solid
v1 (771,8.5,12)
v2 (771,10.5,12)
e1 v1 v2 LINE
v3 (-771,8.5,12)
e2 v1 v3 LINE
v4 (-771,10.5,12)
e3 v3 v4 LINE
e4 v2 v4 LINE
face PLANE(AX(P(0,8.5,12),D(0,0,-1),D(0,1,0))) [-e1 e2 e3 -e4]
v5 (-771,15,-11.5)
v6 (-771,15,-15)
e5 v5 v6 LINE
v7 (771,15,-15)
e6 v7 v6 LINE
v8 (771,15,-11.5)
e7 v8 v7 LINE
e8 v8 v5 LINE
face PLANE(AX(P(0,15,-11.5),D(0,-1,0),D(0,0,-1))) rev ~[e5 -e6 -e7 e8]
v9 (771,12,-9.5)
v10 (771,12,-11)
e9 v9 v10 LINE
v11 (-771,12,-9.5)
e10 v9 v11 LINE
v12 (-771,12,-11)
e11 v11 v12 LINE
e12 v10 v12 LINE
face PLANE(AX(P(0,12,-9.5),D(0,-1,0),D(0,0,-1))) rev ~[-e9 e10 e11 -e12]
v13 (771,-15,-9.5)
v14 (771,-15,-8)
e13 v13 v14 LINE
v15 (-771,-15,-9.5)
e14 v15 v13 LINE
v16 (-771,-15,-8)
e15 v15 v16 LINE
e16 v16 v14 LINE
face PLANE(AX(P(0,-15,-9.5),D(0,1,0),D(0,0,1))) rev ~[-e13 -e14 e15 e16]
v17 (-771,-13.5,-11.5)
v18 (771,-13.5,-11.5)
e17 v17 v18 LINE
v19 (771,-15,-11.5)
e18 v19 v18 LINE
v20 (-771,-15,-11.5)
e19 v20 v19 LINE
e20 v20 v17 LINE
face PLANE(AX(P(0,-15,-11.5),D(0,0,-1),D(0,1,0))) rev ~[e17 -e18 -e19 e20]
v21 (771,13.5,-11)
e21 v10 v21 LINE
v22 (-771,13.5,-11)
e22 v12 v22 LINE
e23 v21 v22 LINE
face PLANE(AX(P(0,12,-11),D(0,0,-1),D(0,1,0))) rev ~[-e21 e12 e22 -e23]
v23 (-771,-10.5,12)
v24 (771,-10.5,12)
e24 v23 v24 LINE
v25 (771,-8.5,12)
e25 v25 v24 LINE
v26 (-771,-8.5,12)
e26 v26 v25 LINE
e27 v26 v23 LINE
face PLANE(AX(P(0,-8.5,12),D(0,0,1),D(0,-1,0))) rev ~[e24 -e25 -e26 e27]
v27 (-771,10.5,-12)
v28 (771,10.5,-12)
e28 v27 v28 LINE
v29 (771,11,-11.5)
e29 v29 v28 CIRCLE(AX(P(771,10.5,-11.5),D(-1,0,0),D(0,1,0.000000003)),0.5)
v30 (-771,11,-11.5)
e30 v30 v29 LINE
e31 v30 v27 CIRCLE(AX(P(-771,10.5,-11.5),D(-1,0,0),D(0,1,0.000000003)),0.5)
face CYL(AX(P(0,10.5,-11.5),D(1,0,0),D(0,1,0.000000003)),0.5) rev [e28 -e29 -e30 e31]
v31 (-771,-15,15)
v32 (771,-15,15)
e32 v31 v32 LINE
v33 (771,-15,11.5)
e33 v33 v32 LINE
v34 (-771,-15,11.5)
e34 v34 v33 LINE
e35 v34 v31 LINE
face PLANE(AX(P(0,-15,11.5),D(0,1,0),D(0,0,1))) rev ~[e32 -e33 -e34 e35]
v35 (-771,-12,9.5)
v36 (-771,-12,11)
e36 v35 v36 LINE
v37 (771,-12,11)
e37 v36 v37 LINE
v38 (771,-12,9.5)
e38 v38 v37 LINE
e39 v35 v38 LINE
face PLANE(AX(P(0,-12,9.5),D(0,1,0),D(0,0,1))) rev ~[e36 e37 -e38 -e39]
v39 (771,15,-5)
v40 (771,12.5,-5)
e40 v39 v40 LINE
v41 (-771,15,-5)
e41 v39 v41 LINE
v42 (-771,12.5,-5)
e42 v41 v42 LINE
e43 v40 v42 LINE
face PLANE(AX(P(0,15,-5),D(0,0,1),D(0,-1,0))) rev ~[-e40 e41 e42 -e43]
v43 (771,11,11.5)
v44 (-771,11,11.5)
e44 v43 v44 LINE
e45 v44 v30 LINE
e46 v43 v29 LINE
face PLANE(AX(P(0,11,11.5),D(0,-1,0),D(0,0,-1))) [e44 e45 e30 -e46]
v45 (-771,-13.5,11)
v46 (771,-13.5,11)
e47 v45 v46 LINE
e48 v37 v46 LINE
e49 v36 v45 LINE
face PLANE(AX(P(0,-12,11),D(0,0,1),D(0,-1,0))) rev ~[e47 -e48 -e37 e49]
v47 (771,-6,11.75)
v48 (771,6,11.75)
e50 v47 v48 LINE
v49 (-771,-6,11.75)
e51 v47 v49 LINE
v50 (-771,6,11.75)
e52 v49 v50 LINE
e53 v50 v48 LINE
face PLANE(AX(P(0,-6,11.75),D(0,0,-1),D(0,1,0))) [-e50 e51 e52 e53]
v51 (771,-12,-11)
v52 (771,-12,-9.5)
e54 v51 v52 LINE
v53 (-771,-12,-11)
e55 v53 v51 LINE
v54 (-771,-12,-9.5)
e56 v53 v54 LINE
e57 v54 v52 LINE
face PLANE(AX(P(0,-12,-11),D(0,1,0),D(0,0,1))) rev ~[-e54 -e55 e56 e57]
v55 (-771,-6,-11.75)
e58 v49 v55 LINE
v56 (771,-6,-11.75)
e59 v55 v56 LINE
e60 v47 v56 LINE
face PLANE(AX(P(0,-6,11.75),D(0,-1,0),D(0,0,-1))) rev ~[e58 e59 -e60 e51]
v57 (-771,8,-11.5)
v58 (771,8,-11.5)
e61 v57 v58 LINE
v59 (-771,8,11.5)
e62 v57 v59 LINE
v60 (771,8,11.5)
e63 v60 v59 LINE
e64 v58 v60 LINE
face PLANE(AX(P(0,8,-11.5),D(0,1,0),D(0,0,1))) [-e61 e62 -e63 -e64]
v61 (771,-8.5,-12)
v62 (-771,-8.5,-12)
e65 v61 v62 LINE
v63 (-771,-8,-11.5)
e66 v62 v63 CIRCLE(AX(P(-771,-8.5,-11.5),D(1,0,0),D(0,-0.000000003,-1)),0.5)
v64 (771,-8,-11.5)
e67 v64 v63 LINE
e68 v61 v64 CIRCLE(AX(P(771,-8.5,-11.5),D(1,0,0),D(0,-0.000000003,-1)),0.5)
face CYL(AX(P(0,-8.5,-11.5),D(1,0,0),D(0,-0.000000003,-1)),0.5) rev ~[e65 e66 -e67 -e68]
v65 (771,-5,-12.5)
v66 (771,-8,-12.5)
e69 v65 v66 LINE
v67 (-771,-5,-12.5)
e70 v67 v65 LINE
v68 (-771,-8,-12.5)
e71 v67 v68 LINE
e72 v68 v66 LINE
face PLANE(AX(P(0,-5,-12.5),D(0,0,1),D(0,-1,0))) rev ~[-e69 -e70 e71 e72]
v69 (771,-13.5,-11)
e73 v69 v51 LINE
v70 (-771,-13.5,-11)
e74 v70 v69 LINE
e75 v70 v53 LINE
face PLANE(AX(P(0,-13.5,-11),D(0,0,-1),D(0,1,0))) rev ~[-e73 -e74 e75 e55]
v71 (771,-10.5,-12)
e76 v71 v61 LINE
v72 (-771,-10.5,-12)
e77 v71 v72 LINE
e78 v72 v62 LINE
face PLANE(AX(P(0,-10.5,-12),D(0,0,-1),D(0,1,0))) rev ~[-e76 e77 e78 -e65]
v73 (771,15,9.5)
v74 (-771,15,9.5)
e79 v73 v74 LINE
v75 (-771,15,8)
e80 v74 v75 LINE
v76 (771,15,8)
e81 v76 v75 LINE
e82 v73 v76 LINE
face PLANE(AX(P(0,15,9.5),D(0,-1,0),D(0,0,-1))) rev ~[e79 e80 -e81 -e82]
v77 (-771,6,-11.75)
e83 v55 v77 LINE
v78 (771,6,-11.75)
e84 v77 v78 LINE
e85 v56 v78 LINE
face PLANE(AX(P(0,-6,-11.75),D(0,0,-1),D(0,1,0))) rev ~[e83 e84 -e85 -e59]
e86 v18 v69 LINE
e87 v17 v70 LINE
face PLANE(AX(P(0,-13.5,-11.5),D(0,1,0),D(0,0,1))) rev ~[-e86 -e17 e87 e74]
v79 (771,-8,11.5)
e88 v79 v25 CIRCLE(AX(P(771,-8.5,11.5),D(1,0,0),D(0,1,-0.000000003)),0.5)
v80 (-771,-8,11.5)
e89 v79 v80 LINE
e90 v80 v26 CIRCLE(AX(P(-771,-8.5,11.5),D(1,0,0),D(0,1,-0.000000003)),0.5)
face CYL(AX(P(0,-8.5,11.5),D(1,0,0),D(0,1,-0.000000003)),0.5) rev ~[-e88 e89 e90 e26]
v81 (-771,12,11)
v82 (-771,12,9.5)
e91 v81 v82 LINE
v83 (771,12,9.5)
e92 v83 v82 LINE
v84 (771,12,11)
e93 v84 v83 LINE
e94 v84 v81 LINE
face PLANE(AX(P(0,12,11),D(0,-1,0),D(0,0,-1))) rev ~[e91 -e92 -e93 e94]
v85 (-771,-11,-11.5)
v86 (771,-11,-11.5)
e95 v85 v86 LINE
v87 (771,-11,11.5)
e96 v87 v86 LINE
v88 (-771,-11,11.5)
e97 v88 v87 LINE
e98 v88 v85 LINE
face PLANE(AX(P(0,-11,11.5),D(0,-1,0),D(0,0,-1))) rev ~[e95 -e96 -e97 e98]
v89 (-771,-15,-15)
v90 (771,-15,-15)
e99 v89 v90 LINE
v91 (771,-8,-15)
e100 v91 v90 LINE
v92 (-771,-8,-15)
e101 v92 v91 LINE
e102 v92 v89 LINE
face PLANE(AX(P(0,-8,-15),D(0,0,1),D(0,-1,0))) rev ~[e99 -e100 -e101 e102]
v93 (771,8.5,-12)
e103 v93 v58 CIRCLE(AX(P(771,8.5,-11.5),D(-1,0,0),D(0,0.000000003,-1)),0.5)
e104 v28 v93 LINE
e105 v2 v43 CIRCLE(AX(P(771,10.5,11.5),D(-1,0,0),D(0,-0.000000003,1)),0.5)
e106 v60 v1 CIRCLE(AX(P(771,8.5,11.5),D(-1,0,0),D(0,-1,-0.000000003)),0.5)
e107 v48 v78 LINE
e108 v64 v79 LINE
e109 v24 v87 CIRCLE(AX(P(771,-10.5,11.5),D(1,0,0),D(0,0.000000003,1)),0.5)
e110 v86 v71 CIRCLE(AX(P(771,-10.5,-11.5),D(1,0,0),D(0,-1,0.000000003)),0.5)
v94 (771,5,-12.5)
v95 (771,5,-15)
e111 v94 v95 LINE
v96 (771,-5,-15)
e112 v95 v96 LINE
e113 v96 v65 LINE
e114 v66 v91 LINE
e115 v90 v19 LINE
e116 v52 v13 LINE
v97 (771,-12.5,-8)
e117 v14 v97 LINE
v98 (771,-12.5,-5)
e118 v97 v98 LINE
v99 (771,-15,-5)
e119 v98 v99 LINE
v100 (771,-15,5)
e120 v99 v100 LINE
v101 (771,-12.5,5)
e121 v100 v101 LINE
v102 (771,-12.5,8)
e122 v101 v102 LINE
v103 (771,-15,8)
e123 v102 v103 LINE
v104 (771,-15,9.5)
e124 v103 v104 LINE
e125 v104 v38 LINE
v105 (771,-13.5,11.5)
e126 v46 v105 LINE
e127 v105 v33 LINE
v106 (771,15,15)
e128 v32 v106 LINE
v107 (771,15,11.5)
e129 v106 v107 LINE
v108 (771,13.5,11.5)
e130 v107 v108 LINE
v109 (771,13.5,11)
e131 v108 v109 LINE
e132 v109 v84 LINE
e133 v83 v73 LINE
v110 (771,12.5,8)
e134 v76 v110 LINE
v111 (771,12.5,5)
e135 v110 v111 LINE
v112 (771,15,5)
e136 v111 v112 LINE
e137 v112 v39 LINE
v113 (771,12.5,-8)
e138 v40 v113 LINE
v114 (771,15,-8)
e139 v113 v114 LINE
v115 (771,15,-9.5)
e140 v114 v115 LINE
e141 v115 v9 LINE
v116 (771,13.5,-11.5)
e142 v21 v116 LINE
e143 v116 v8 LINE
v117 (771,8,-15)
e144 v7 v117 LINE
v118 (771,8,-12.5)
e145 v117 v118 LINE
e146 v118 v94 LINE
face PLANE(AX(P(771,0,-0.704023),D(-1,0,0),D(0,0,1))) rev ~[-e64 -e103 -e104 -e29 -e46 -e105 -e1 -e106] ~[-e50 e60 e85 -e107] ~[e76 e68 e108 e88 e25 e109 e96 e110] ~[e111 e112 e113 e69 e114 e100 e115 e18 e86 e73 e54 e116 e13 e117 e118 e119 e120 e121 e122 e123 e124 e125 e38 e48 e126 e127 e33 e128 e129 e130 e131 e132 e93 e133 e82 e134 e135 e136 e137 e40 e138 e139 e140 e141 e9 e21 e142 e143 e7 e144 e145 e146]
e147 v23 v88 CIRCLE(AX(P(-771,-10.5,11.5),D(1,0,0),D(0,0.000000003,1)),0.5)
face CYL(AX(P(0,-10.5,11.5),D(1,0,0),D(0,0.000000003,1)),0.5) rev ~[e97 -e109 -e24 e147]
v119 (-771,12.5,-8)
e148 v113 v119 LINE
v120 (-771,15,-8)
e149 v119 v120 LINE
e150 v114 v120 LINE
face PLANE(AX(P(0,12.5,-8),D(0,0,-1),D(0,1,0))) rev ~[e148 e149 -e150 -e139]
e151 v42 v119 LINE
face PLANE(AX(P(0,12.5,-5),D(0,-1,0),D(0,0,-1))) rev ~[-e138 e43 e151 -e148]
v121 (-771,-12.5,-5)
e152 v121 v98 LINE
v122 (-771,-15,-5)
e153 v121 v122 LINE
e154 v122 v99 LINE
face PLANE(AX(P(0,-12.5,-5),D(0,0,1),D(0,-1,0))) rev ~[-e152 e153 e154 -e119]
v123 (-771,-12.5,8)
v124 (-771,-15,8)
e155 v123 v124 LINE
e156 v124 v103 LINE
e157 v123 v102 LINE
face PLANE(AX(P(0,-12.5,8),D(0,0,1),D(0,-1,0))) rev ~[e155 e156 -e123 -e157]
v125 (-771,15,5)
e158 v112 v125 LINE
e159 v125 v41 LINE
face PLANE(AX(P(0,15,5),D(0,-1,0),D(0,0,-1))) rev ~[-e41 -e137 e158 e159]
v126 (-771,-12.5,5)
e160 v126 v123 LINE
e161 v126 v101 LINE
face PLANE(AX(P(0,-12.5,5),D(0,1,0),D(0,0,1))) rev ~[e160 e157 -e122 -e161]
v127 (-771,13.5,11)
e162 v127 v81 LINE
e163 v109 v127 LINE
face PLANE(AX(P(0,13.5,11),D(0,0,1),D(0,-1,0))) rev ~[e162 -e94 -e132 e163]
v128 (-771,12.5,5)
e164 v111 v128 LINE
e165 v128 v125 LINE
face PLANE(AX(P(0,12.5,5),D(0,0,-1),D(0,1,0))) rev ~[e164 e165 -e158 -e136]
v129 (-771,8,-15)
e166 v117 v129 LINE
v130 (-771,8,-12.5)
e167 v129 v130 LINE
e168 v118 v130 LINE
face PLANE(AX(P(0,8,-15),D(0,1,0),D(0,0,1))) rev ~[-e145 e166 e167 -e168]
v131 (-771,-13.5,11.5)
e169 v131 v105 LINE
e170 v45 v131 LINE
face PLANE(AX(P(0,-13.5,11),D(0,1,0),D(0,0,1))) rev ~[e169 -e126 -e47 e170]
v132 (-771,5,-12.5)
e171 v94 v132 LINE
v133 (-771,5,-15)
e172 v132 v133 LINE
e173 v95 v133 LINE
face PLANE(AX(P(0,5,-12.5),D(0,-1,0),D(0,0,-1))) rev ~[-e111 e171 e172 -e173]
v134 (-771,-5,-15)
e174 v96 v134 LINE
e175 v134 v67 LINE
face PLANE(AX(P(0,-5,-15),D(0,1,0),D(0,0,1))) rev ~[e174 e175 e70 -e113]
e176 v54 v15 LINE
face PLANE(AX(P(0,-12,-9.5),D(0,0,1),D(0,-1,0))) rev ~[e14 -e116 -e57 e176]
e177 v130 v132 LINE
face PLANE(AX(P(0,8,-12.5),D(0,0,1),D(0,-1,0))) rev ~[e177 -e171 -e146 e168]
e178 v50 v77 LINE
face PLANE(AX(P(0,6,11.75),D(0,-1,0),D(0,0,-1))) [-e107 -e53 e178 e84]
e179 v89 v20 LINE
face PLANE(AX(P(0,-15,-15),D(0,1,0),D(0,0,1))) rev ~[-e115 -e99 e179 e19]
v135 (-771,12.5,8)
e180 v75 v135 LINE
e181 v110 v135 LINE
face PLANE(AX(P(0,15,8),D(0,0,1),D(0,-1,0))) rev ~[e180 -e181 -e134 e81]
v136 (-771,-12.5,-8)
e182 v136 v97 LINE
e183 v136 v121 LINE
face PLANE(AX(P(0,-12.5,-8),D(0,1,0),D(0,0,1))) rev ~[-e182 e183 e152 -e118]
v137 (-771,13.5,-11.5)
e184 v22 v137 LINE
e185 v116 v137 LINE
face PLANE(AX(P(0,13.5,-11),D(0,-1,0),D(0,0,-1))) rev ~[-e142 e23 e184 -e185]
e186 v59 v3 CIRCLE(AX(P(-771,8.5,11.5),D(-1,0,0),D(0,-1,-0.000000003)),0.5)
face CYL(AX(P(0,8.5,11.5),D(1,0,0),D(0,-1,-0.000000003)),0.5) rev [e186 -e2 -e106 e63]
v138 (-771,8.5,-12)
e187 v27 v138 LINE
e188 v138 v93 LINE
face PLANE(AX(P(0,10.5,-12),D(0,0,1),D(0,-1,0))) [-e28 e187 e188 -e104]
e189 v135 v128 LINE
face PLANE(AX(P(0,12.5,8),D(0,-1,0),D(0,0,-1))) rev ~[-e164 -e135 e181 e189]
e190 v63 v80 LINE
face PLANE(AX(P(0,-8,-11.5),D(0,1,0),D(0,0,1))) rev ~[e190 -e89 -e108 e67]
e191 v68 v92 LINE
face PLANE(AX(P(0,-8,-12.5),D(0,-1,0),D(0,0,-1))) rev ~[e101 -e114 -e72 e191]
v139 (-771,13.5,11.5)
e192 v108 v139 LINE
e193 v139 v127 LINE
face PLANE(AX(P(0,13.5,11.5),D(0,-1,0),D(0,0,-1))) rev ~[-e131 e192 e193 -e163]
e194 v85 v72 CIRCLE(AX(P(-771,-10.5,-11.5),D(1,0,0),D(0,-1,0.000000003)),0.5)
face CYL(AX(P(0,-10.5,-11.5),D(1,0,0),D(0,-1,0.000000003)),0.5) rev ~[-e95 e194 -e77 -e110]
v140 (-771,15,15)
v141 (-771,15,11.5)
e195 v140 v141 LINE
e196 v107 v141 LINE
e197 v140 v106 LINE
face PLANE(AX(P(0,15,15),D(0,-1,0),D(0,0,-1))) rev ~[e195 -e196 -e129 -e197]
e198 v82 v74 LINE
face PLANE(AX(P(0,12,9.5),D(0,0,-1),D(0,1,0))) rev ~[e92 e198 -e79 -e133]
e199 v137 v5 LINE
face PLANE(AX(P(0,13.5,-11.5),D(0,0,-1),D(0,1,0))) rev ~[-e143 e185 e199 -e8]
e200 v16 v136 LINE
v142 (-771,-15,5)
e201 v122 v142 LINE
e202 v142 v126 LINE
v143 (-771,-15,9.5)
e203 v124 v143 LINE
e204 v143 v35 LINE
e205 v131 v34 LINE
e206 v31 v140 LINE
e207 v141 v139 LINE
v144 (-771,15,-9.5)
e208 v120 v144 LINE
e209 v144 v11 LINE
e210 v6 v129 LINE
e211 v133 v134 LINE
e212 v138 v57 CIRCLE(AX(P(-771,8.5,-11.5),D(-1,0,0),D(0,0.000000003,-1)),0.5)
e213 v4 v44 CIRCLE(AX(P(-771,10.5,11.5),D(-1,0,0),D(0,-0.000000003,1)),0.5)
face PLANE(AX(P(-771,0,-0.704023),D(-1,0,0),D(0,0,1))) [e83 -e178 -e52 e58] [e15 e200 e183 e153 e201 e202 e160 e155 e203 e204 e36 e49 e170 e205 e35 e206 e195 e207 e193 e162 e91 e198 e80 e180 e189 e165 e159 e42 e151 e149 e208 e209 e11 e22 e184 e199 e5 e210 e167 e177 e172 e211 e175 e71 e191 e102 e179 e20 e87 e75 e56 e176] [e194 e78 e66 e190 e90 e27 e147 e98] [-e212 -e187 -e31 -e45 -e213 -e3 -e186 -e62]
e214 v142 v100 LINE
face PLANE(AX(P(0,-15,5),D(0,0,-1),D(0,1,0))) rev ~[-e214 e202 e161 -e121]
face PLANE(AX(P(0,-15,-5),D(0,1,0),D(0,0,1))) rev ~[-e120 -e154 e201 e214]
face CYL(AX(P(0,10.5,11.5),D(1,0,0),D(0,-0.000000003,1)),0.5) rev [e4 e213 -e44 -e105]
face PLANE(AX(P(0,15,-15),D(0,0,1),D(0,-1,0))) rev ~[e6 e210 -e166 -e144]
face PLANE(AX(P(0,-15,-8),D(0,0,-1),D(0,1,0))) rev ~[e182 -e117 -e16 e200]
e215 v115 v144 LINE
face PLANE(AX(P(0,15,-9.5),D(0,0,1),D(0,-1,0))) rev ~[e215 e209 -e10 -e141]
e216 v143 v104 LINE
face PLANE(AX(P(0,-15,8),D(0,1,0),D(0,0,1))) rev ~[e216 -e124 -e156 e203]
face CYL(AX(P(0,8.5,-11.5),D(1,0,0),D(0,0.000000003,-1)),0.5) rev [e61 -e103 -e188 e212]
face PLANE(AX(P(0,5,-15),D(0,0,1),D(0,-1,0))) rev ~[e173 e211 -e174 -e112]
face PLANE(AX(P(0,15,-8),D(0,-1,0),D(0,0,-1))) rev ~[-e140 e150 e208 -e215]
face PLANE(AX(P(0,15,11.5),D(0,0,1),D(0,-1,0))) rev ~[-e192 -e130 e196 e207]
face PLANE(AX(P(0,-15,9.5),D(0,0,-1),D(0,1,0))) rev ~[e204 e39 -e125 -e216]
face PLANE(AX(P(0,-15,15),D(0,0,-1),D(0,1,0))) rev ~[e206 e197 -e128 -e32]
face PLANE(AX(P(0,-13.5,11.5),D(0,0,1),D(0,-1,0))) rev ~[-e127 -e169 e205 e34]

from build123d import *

# Parameters (mm, degrees)
SKETCH_1_W      = 23.5
SKETCH_1_H      = 12
EXTRUDE_1_DEPTH = 771


with BuildPart() as part:
    # 草图1 → 凸台-拉伸1 (new, symmetric)
    with BuildSketch(Plane(origin=(0, 0, 0), x_dir=(0, 0, -1), z_dir=(1, 0, 0))):
        Polygon((-15, 15), (-11.5, 15), (-11.5, 13.5), (-11, 13.5), (-11, 12), (-9.5, 12), (-9.5, 15), (-8, 15), (-8, 12.5), (-5, 12.5), (-5, 15), (5, 15), (5, 12.5), (8, 12.5), (8, 15), (9.5, 15), (9.5, 12), (11, 12), (11, 13.5), (11.5, 13.5), (11.5, 15), (15, 15), (15, 8), (12.5, 8), (12.5, 5), (15, 5), (15, -5), (12.5, -5), (12.5, -8), (15, -8), (15, -15), (11.5, -15), (11.5, -13.5), (11, -13.5), (11, -12), (9.5, -12), (9.5, -15), (8, -15), (8, -12.5), (5, -12.5), (5, -15), (-5, -15), (-5, -12.5), (-8, -12.5), (-8, -15), (-9.5, -15), (-9.5, -12), (-11, -12), (-11, -13.5), (-11.5, -13.5), (-11.5, -15), (-15, -15), align=None)
        with BuildLine():
            Line((12, -10.5), (12, -8.5))
            ThreePointArc((12, -8.5), (11.853553391, -8.146446609), (11.5, -8))
            Line((11.5, -8), (-11.5, -8))
            ThreePointArc((-11.5, -8), (-11.853553391, -8.146446609), (-12, -8.5))
            Line((-12, -8.5), (-12, -10.5))
            ThreePointArc((-12, -10.5), (-11.853553391, -10.853553391), (-11.5, -11))
            Line((-11.5, -11), (11.5, -11))
            ThreePointArc((11.5, -11), (11.853553391, -10.853553391), (12, -10.5))
        make_face(mode=Mode.SUBTRACT)
        with BuildLine():
            Line((-11.5, 11), (11.5, 11))
            ThreePointArc((11.5, 11), (11.853553391, 10.853553391), (12, 10.5))
            Line((12, 10.5), (12, 8.5))
            ThreePointArc((12, 8.5), (11.853553391, 8.146446609), (11.5, 8))
            Line((11.5, 8), (-11.5, 8))
            ThreePointArc((-11.5, 8), (-11.853553391, 8.146446609), (-12, 8.5))
            Line((-12, 8.5), (-12, 10.5))
            ThreePointArc((-12, 10.5), (-11.853553391, 10.853553391), (-11.5, 11))
        make_face(mode=Mode.SUBTRACT)
        Rectangle(SKETCH_1_W, SKETCH_1_H, mode=Mode.SUBTRACT)
    extrude(amount=EXTRUDE_1_DEPTH, both=True)


solid = part.part
